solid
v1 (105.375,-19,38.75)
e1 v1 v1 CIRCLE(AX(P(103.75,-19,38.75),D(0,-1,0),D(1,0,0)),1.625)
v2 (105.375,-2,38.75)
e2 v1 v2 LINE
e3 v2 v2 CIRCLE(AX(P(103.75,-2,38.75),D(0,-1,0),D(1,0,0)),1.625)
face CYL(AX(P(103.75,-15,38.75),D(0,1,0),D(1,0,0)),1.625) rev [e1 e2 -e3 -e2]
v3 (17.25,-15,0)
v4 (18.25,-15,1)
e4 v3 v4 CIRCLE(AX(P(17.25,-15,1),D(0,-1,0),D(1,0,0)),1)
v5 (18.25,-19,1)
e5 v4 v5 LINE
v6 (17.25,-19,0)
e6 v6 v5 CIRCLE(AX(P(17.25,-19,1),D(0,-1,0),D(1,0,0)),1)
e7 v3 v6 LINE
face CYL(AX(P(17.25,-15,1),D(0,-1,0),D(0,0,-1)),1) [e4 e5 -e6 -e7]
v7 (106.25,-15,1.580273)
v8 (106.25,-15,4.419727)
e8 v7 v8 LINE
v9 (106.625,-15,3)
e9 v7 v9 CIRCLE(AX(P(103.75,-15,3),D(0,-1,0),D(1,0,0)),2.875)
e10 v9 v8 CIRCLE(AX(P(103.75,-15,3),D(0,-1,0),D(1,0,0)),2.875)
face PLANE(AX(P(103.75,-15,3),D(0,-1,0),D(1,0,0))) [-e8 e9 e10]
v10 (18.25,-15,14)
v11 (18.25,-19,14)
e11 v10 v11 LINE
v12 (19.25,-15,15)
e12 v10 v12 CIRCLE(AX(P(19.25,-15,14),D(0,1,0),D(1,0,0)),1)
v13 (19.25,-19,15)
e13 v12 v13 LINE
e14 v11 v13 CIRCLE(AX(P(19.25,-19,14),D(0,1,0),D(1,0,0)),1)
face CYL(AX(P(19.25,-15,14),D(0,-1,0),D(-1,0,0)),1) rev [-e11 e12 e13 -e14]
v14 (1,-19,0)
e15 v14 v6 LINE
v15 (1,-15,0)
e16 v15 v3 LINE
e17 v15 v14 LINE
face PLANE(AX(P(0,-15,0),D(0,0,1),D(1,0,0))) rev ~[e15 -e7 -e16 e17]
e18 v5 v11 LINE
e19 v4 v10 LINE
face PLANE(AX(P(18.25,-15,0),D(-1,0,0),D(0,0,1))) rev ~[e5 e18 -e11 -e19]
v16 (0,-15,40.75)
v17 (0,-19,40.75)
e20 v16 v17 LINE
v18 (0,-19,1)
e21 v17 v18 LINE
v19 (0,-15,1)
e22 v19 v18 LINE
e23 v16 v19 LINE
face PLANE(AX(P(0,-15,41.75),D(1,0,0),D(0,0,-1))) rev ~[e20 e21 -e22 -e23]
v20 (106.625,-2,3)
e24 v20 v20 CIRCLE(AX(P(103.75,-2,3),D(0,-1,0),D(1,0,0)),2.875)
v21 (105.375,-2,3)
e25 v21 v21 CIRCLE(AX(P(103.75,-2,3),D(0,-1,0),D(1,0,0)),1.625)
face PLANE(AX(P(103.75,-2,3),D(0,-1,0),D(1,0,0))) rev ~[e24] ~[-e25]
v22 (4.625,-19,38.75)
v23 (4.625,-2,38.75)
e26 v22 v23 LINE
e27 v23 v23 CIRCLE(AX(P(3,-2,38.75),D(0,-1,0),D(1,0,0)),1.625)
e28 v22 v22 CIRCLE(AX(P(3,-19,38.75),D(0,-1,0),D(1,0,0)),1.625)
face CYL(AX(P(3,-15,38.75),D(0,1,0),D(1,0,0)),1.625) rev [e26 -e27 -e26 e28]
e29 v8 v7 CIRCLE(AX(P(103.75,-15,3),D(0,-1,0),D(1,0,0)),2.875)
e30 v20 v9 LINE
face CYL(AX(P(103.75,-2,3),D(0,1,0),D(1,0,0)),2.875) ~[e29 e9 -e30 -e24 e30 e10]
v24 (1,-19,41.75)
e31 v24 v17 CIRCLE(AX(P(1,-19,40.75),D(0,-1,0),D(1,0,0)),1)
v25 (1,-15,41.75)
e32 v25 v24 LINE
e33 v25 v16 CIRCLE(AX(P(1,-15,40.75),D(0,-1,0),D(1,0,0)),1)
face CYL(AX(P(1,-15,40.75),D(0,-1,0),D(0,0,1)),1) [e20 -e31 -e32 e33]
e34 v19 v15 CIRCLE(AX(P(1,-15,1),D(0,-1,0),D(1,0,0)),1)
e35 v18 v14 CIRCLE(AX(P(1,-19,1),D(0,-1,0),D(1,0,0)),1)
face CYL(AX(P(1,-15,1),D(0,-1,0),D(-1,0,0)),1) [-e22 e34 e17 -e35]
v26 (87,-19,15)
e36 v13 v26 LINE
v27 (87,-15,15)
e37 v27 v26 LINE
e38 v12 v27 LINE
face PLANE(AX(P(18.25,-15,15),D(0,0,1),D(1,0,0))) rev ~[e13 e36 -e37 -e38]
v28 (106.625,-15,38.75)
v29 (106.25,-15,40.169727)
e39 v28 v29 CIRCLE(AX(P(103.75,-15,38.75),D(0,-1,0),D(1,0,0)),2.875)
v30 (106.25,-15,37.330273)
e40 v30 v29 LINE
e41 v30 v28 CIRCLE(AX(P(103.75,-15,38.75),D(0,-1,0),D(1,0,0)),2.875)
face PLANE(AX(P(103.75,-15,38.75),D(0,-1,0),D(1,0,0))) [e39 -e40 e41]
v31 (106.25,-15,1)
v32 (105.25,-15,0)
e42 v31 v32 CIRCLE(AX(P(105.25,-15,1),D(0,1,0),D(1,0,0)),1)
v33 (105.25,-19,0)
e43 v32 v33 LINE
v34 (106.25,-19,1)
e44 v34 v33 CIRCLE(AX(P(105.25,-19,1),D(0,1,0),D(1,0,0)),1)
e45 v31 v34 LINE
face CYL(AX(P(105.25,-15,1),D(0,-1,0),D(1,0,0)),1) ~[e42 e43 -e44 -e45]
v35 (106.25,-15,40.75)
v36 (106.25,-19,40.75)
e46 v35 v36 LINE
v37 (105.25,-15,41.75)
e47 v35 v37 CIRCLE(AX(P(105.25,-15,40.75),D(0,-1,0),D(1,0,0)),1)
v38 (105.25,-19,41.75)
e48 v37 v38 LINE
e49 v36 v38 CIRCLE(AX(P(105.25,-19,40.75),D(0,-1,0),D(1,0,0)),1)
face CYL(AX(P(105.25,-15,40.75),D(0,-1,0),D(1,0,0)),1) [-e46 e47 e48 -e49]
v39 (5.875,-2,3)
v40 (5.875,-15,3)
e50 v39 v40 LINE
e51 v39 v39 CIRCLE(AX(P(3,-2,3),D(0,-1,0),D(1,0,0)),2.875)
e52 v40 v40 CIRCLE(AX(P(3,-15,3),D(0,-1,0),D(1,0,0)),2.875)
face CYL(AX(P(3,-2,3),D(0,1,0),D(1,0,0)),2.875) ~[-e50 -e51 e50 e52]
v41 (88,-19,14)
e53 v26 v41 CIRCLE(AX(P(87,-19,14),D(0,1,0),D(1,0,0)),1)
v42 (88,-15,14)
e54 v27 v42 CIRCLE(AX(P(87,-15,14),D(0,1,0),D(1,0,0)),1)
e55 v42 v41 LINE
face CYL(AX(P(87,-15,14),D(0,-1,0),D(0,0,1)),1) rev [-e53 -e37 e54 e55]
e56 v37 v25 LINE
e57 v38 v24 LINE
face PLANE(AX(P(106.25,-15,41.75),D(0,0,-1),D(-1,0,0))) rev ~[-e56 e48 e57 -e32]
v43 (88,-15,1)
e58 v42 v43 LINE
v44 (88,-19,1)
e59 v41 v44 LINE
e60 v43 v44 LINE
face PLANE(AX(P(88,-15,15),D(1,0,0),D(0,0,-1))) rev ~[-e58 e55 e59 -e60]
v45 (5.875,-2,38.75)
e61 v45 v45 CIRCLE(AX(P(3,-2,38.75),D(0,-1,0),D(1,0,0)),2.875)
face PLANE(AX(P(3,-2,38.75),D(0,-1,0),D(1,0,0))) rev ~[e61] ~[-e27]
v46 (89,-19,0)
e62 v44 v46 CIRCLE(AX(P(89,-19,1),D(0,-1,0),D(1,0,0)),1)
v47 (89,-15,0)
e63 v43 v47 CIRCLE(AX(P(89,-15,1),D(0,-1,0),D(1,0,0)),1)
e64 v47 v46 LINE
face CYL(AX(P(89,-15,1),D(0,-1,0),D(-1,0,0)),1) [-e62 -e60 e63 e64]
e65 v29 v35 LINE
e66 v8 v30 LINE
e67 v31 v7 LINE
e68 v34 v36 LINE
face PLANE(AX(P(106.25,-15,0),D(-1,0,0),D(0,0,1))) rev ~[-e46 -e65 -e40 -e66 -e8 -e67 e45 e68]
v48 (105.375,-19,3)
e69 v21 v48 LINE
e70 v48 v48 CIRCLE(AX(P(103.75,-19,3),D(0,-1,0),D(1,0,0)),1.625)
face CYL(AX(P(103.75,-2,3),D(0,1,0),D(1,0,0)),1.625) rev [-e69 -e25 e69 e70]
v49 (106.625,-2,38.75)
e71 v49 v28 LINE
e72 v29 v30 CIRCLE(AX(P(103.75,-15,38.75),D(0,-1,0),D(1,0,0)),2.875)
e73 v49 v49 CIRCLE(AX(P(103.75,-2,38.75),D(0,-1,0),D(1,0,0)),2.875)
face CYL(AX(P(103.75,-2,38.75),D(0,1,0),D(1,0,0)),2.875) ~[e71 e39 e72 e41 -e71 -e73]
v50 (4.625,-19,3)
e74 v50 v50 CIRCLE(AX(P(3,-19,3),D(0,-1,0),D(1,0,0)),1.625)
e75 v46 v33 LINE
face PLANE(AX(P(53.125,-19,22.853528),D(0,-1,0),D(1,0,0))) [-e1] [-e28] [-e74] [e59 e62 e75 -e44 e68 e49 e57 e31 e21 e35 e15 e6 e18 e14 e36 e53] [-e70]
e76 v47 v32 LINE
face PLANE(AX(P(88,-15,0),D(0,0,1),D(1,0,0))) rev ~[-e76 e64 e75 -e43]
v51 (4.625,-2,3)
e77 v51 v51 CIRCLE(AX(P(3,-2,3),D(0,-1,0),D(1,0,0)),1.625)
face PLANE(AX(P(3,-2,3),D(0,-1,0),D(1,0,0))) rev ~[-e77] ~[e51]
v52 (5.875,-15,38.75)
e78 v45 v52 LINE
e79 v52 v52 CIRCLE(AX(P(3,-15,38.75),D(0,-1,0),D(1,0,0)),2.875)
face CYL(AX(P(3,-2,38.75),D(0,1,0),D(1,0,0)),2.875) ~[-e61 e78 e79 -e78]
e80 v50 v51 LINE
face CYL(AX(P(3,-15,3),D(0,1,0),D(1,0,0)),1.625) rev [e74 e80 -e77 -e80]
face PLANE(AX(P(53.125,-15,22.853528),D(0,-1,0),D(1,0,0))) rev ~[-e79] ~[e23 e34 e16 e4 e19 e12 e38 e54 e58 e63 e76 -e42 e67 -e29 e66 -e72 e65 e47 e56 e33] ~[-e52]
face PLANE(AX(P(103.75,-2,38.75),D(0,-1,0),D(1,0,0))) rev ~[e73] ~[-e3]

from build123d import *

# Parameters (mm, degrees)
SKETCH051_R                = 2.875
SKETCH051_R_2              = 1.625
EXTRUDE049_DEPTH           = 13
EXTRUDE049_PLACEMENT_ANGLE = 270
SKETCH050_R                = 1.625
EXTRUDE048_DEPTH           = 4
EXTRUDE048_PLACEMENT_ANGLE = 270
FILLET040_R                = 1


with BuildPart() as spacer001:
    # Sketch051 → Extrude049 (new body)
    with BuildSketch(Plane.YZ):
        with Locations((3, 38.75)):
            Circle(SKETCH051_R)
        with Locations((3, 38.75)):
            Circle(SKETCH051_R_2, mode=Mode.SUBTRACT)
        with Locations((3, 3)):
            Circle(SKETCH051_R)
        with Locations((3, 3)):
            Circle(SKETCH051_R_2, mode=Mode.SUBTRACT)
        with Locations((103.75, 3)):
            Circle(SKETCH051_R)
        with Locations((103.75, 3)):
            Circle(SKETCH051_R_2, mode=Mode.SUBTRACT)
        with Locations((103.75, 38.75)):
            Circle(SKETCH051_R)
        with Locations((103.75, 38.75)):
            Circle(SKETCH051_R_2, mode=Mode.SUBTRACT)
    extrude(amount=EXTRUDE049_DEPTH)


with BuildPart() as spacer001_1:
    # Extrude049 placement: moved
    add(spacer001.part.moved(Location((0, -2, 0))).rotate(Axis((0, -2, 0), (0, 0, 1)), EXTRUDE049_PLACEMENT_ANGLE))


with BuildPart() as top_fillet001:
    # Sketch050 → Extrude048 (new body)
    with BuildSketch(Plane.YZ):
        Polygon((106.25, 0), (106.25, 41.75), (0, 41.75), (0, 0), (18.25, 0), (18.25, 15), (88, 15), (88, 0), align=None)
        with Locations((3, 3)):
            Circle(SKETCH050_R, mode=Mode.SUBTRACT)
        with Locations((3, 38.75)):
            Circle(SKETCH050_R, mode=Mode.SUBTRACT)
        with Locations((103.75, 38.75)):
            Circle(SKETCH050_R, mode=Mode.SUBTRACT)
        with Locations((103.75, 3)):
            Circle(SKETCH050_R, mode=Mode.SUBTRACT)
    extrude(amount=EXTRUDE048_DEPTH)


with BuildPart() as top_fillet001_1:
    # Extrude048 placement: moved
    add(top_fillet001.part.moved(Location((0, -15, 0))).rotate(Axis((0, -15, 0), (0, 0, 1)), EXTRUDE048_PLACEMENT_ANGLE))

    # Fusion077: union spacer001
    add(spacer001_1.part)

    # Fillet040
    fillet040_edges = [top_fillet001_1.edges().sort_by_distance(p)[0] for p in [
        (106.25, -17, 0),
        (106.25, -17, 41.75),
        (88, -17, 0),
        (0, -17, 41.75),
        (88, -17, 15),
        (0, -17, 0),
        (18.25, -17, 15),
        (18.25, -17, 0),
    ]]
    fillet(fillet040_edges, radius=FILLET040_R)


solid = top_fillet001_1.part
